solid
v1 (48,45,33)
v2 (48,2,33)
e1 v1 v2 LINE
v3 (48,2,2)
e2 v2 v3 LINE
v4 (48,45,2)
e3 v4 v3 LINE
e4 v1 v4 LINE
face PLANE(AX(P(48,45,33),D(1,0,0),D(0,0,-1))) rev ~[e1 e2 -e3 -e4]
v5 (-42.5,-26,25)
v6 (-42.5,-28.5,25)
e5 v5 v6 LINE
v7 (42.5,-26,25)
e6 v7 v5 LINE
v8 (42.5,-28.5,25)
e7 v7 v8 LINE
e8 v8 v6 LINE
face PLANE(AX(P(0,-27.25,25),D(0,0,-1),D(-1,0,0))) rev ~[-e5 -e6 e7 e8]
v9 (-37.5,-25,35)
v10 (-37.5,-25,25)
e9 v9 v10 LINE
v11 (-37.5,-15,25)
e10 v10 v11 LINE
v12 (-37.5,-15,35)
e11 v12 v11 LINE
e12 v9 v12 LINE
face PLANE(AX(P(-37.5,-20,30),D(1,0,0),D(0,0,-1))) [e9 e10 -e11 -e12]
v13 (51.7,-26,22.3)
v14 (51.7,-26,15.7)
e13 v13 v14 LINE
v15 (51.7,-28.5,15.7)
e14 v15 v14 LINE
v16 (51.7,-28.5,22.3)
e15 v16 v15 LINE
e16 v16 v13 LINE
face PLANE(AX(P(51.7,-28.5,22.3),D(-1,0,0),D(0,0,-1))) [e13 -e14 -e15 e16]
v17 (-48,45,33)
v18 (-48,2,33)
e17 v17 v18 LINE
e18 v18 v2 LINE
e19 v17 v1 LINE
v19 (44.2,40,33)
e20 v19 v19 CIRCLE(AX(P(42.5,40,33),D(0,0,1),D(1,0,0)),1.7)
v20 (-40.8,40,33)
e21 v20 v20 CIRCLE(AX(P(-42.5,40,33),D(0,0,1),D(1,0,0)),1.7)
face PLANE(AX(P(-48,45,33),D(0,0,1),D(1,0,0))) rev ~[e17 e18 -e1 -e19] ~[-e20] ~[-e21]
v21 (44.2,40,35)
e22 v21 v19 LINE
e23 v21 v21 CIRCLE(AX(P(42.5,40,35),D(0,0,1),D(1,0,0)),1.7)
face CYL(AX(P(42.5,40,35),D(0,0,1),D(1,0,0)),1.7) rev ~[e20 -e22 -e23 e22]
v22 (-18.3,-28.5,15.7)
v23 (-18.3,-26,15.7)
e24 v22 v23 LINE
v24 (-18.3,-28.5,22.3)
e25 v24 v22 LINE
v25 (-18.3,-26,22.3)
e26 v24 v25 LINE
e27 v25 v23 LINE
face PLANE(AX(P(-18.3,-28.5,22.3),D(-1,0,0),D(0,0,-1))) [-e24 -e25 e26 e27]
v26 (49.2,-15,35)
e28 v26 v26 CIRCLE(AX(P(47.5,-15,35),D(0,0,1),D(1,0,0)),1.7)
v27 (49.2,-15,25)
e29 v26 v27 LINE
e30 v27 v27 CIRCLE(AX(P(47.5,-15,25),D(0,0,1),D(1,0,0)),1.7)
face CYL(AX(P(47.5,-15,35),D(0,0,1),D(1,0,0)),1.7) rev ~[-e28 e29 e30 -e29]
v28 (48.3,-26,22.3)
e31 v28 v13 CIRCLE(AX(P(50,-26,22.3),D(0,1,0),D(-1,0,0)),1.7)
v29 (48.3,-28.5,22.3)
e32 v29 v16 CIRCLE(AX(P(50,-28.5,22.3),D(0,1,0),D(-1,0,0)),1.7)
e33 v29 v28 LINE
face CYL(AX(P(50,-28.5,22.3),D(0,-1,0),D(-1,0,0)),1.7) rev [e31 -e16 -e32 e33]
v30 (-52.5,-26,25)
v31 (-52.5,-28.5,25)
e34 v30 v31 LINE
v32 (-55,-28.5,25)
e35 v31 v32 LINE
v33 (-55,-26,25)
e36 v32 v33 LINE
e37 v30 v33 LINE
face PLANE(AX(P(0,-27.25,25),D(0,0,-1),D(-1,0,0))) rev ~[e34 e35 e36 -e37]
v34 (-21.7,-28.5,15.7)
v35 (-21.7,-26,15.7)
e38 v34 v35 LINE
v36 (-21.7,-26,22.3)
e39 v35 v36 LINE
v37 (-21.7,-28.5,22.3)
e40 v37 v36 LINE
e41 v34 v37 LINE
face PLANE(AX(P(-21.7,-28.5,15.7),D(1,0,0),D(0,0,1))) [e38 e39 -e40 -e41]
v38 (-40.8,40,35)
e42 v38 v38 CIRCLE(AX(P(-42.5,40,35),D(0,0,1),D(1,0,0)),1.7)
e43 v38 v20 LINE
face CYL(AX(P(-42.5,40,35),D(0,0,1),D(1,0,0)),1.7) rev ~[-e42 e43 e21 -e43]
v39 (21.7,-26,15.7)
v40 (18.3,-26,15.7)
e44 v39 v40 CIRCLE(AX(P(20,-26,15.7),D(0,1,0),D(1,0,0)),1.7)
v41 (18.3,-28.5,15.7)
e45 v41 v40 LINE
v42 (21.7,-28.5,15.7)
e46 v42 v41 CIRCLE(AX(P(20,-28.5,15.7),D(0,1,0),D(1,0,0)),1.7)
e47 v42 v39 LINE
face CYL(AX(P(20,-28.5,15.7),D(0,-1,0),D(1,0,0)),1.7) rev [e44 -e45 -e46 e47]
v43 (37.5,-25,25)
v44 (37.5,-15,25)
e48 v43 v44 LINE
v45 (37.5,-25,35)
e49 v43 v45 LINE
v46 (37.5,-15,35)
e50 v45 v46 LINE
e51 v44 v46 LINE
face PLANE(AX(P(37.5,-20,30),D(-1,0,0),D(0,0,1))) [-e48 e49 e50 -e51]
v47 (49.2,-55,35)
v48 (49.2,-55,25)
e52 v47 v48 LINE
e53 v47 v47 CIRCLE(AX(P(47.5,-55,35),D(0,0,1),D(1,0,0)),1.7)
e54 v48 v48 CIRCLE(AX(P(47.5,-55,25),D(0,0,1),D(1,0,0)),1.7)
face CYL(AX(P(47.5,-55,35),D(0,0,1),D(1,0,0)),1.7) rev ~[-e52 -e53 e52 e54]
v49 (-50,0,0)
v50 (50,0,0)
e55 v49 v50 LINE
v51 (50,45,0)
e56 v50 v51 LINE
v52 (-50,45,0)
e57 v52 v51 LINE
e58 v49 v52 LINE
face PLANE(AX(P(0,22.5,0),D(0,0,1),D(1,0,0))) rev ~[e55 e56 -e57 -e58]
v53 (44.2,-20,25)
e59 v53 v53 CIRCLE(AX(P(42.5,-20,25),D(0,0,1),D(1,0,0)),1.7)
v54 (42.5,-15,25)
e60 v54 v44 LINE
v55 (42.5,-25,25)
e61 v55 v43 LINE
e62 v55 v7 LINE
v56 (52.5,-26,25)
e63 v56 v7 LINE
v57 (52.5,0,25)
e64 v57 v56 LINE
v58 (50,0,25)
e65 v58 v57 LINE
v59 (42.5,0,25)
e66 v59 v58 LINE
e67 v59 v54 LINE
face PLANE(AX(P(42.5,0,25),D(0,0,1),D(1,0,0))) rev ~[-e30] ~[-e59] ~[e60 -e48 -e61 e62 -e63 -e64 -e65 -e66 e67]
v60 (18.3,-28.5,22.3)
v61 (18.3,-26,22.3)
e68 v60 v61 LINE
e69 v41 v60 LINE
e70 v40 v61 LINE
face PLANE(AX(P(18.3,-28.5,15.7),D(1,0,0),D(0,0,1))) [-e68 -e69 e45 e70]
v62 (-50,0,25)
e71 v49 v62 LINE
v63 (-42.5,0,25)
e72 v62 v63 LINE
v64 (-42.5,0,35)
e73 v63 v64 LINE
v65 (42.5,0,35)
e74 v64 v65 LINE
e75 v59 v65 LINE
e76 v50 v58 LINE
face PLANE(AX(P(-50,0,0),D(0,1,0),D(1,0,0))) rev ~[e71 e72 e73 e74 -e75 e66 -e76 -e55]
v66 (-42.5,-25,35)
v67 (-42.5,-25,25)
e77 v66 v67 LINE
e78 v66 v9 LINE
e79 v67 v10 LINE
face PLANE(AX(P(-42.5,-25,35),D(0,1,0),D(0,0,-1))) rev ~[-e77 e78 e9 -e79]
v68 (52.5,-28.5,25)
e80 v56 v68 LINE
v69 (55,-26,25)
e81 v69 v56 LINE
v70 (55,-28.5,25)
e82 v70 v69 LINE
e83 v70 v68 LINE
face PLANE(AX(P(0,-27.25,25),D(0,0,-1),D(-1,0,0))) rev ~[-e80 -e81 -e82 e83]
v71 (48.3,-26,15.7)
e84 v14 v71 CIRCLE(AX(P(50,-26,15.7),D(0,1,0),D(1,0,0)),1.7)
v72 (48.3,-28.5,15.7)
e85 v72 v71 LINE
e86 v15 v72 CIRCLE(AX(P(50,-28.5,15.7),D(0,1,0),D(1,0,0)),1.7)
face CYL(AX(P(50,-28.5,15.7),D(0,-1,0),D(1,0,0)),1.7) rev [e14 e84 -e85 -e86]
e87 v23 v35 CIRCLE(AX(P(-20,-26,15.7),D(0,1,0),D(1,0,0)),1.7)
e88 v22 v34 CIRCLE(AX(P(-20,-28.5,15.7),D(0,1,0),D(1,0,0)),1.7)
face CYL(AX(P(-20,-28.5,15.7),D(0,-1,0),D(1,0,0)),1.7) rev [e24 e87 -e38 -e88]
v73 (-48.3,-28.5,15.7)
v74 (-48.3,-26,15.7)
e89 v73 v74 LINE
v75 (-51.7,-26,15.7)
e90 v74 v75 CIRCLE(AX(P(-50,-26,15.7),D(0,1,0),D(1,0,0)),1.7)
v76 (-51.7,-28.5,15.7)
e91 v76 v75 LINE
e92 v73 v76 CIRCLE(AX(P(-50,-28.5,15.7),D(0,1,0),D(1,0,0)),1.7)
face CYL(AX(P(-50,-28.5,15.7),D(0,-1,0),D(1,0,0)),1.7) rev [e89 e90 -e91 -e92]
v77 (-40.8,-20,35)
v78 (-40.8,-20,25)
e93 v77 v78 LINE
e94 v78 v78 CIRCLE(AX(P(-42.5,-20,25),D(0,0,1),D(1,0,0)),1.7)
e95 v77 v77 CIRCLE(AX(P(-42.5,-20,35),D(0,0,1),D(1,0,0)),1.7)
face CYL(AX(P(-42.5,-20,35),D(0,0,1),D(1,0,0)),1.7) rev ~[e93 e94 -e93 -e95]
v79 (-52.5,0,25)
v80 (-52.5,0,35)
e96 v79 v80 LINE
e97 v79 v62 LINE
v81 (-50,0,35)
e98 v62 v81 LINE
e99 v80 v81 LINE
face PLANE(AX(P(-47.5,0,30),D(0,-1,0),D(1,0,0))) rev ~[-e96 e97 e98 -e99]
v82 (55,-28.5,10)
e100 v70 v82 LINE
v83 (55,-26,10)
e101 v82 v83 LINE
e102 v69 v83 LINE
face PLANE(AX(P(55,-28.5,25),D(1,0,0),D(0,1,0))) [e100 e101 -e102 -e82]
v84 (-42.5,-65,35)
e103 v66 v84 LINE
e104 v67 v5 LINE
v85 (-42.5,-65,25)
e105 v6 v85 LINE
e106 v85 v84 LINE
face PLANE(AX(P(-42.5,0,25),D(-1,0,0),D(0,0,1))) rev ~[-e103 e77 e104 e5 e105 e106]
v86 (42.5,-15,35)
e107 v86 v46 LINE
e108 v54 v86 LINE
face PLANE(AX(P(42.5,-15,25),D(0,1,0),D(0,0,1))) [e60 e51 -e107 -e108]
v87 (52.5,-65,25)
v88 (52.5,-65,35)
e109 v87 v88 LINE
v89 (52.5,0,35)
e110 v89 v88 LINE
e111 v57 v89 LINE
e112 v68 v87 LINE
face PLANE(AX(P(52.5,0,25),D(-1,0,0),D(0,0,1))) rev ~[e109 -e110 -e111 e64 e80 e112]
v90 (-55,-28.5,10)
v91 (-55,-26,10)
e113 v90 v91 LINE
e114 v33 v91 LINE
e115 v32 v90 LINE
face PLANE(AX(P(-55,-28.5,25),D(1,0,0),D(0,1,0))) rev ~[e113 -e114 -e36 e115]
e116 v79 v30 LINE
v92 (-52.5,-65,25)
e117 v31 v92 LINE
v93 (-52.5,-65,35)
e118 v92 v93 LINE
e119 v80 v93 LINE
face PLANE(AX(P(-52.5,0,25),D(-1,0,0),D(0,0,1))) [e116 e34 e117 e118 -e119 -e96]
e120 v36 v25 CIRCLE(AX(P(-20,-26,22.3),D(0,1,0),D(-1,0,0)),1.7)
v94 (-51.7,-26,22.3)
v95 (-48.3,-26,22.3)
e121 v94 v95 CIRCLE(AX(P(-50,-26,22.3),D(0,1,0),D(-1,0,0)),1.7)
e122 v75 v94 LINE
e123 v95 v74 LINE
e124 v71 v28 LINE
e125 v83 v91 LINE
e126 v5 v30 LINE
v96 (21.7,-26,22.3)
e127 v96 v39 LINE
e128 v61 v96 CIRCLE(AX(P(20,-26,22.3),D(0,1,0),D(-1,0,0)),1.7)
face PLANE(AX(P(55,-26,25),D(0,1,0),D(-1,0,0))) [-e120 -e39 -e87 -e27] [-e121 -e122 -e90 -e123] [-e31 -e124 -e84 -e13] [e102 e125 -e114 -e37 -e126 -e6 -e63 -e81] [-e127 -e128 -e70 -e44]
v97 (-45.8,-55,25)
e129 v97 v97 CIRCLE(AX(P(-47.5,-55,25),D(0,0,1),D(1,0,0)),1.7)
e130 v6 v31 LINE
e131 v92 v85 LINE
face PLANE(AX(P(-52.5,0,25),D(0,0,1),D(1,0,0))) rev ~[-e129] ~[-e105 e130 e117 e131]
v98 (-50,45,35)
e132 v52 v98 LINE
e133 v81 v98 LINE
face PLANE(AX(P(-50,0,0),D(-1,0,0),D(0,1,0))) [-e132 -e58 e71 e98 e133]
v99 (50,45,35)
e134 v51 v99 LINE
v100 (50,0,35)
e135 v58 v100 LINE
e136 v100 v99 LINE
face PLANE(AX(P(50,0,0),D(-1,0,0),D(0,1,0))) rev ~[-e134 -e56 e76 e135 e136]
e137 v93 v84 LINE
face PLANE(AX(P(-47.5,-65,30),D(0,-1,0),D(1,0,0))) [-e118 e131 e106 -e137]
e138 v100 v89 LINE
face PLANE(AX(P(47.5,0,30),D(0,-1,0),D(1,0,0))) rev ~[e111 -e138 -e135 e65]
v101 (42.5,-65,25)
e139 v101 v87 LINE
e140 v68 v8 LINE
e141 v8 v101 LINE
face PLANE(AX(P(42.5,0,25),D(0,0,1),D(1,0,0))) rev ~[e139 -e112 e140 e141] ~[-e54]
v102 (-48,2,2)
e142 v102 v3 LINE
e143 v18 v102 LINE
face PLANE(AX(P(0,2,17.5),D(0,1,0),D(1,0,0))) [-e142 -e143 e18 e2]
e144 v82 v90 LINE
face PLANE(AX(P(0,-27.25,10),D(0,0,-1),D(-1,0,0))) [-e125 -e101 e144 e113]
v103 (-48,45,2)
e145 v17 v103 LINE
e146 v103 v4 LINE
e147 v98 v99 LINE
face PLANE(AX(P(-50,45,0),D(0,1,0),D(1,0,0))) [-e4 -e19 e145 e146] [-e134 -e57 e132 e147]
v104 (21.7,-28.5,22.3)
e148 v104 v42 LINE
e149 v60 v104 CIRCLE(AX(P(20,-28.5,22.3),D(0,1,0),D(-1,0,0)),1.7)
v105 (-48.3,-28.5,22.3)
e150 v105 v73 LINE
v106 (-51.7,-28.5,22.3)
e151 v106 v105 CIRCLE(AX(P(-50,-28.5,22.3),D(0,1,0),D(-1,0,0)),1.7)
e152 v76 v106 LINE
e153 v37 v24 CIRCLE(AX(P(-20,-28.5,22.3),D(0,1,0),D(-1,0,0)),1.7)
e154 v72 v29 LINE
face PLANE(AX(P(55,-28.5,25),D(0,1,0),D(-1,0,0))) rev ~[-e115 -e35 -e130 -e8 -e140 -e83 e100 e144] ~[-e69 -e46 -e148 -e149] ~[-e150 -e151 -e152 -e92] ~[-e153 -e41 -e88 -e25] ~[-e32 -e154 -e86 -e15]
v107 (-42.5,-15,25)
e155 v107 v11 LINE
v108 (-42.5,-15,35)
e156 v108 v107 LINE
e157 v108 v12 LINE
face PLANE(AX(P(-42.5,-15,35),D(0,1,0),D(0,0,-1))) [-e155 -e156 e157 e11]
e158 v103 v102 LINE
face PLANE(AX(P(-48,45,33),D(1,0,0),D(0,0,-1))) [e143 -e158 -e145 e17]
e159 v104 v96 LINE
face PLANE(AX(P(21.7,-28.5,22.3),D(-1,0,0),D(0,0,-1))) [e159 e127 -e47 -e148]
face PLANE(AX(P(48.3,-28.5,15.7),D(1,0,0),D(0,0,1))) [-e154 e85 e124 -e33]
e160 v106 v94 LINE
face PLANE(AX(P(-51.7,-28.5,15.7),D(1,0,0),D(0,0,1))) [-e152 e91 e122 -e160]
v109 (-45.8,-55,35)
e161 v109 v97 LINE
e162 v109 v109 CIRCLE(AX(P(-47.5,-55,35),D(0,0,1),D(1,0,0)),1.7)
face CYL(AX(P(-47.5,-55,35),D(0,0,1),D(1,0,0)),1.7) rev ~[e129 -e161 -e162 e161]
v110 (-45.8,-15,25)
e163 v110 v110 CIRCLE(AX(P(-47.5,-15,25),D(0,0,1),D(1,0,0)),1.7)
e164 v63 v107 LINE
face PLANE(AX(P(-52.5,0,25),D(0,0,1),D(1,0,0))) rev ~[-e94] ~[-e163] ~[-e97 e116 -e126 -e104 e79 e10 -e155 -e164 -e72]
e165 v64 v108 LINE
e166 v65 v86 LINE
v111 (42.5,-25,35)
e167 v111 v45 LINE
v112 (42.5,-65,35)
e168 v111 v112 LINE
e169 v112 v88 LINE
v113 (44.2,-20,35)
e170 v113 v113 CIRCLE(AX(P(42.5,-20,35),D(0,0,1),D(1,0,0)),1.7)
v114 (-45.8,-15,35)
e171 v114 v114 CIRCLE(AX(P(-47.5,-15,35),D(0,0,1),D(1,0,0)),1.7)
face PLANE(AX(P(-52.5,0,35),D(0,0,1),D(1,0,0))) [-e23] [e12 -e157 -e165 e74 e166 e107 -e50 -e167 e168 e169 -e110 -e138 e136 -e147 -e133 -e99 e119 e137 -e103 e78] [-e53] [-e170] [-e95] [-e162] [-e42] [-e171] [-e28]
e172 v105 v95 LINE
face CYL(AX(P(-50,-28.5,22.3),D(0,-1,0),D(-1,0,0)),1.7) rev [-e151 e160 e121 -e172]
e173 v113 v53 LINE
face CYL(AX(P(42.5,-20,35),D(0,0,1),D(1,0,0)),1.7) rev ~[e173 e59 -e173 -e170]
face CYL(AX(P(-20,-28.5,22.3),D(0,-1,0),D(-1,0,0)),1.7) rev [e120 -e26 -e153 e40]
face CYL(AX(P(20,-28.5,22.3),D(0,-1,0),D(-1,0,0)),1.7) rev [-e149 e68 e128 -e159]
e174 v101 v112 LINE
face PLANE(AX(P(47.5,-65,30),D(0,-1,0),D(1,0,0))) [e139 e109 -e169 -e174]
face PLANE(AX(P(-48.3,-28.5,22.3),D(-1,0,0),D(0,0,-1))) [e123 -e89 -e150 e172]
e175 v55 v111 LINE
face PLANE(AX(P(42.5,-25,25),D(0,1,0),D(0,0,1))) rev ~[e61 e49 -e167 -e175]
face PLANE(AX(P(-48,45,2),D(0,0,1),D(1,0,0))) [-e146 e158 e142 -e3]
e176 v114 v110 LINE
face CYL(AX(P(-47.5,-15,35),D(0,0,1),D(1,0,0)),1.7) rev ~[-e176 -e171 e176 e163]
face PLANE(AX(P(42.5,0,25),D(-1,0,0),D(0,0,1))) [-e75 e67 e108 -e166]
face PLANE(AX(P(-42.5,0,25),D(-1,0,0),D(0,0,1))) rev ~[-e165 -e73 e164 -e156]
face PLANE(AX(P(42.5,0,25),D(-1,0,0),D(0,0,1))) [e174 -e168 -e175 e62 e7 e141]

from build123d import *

# Parameters (mm, degrees)
V3_BOX_FOOTPRINT_100_X_45_MM_W                 = 100
V3_BOX_FOOTPRINT_100_X_45_MM_H                 = 45
V3_BOX_HEIGHT_35_MM_DEPTH                      = 35
V3_REAR_OPENING_96_X_31_MM_W                   = 96
V3_REAR_OPENING_96_X_31_MM_H                   = 31
V3_CAVITY_ALL_WALLS_2_MM_DEPTH                 = 43
V3_SQUARE_BEAMS_10_X_10_PITCH_95_MM_W          = 10
V3_SQUARE_BEAMS_10_X_10_PITCH_95_MM_H          = 10
V3_FORWARD_BEAM_LENGTH_65_MM_DEPTH             = 65
V3_LEFT_PCB_EAR_PROFILE_W                      = 10
V3_LEFT_PCB_EAR_PROFILE_H                      = 10
V3_LEFT_INWARD_EAR_5_MM_DEPTH                  = 5
V3_RIGHT_PCB_EAR_PROFILE_W                     = 10
V3_RIGHT_PCB_EAR_PROFILE_H                     = 10
V3_RIGHT_INWARD_EAR_5_MM_DEPTH                 = 5
V3_PCB_ROOF_PAIR_PITCH_85_MM_R                 = 1.7
V3_M3_ROOF_HOLES_DIAMETER_3_4_MM_DEPTH         = 2
V3_PCB_FORWARD_PAIR_ROW_SPACING_60_MM_R        = 1.7
V3_M3_PCB_EAR_HOLES_DEPTH                      = 10
V3_CHASSIS_TOP_HOLES_WIDTH_95_DEPTH_40_M_R     = 1.7
V3_M3_BEAM_TOP_BOTTOM_HOLES_DEPTH              = 10
V3_HANGING_PLATE_OFFSET_26_THICKNESS_2_5_W     = 110
V3_HANGING_PLATE_OFFSET_26_THICKNESS_2_5_H     = 2.5
V3_MOUNTING_PLATE_DOWNWARD_15_MM_WIDTH_1_DEPTH = 15
V3_FOUR_MOUNTING_SLOTS_3_4_X_10_MM_DEPTH       = 2.5


with BuildPart() as part:
    # V3 box footprint 100 x 45 mm → V3 box height 35 mm (new body)
    with BuildSketch(Plane.XY):
        with Locations((0, 22.5)):
            Rectangle(V3_BOX_FOOTPRINT_100_X_45_MM_W, V3_BOX_FOOTPRINT_100_X_45_MM_H)
    extrude(amount=V3_BOX_HEIGHT_35_MM_DEPTH)

    # V3 rear opening 96 x 31 mm → V3 cavity all walls 2 mm (cut)
    with BuildSketch(Plane(origin=(0, 45, 0), x_dir=(1, 0, 0), z_dir=(0, 1, 0))):
        with Locations((0, -17.5)):
            Rectangle(V3_REAR_OPENING_96_X_31_MM_W, V3_REAR_OPENING_96_X_31_MM_H)
    extrude(amount=-V3_CAVITY_ALL_WALLS_2_MM_DEPTH, mode=Mode.SUBTRACT)

    # V3 square beams 10 x 10 pitch 95 mm → V3 forward beam length 65 mm (add)
    with BuildSketch(Plane.XZ):
        with Locations((-47.5, 30)):
            Rectangle(V3_SQUARE_BEAMS_10_X_10_PITCH_95_MM_W, V3_SQUARE_BEAMS_10_X_10_PITCH_95_MM_H)
        with Locations((47.5, 30)):
            Rectangle(V3_SQUARE_BEAMS_10_X_10_PITCH_95_MM_W, V3_SQUARE_BEAMS_10_X_10_PITCH_95_MM_H)
    extrude(amount=V3_FORWARD_BEAM_LENGTH_65_MM_DEPTH)

    # V3 left PCB ear profile → V3 left inward ear 5 mm (add)
    with BuildSketch(Plane(origin=(-42.5, 0, 0), x_dir=(0, 0, -1), z_dir=(1, 0, 0))):
        with Locations((-30, -20)):
            Rectangle(V3_LEFT_PCB_EAR_PROFILE_W, V3_LEFT_PCB_EAR_PROFILE_H)
    extrude(amount=V3_LEFT_INWARD_EAR_5_MM_DEPTH)

    # V3 right PCB ear profile → V3 right inward ear 5 mm (add)
    with BuildSketch(Plane.ZY.offset(-42.5)):
        with Locations((30, -20)):
            Rectangle(V3_RIGHT_PCB_EAR_PROFILE_W, V3_RIGHT_PCB_EAR_PROFILE_H)
    extrude(amount=V3_RIGHT_INWARD_EAR_5_MM_DEPTH)

    # V3 PCB roof pair pitch 85 mm → V3 M3 roof holes diameter 3.4 mm (cut)
    with BuildSketch(Plane.XY.offset(35)):
        with Locations((-42.5, 40)):
            Circle(V3_PCB_ROOF_PAIR_PITCH_85_MM_R)
        with Locations((42.5, 40)):
            Circle(V3_PCB_ROOF_PAIR_PITCH_85_MM_R)
    extrude(amount=-V3_M3_ROOF_HOLES_DIAMETER_3_4_MM_DEPTH, mode=Mode.SUBTRACT)

    # V3 PCB forward pair row spacing 60 mm → V3 M3 PCB ear holes (cut)
    with BuildSketch(Plane.XY.offset(35)):
        with Locations((-42.5, -20)):
            Circle(V3_PCB_FORWARD_PAIR_ROW_SPACING_60_MM_R)
        with Locations((42.5, -20)):
            Circle(V3_PCB_FORWARD_PAIR_ROW_SPACING_60_MM_R)
    extrude(amount=-V3_M3_PCB_EAR_HOLES_DEPTH, mode=Mode.SUBTRACT)

    # V3 chassis top holes width 95 depth 40 mm → V3 M3 beam top bottom holes (cut)
    with BuildSketch(Plane.XY.offset(35)):
        with Locations((-47.5, -55)):
            Circle(V3_CHASSIS_TOP_HOLES_WIDTH_95_DEPTH_40_M_R)
        with Locations((-47.5, -15)):
            Circle(V3_CHASSIS_TOP_HOLES_WIDTH_95_DEPTH_40_M_R)
        with Locations((47.5, -55)):
            Circle(V3_CHASSIS_TOP_HOLES_WIDTH_95_DEPTH_40_M_R)
        with Locations((47.5, -15)):
            Circle(V3_CHASSIS_TOP_HOLES_WIDTH_95_DEPTH_40_M_R)
    extrude(amount=-V3_M3_BEAM_TOP_BOTTOM_HOLES_DEPTH, mode=Mode.SUBTRACT)

    # V3 hanging plate offset 26 thickness 2.5 mm → V3 mounting plate downward 15 mm width 110 (add)
    with BuildSketch(Plane(origin=(0, 0, 25), x_dir=(-1, 0, 0), z_dir=(0, 0, -1))):
        with Locations((0, -27.25)):
            Rectangle(V3_HANGING_PLATE_OFFSET_26_THICKNESS_2_5_W, V3_HANGING_PLATE_OFFSET_26_THICKNESS_2_5_H)
    extrude(amount=V3_MOUNTING_PLATE_DOWNWARD_15_MM_WIDTH_1_DEPTH)

    # V3 slots 6 mm below beam underside centers 20 and 50 → V3 four mounting slots 3.4 x 10 mm (cut)
    with BuildSketch(Plane.XZ.offset(28.5)):
        with BuildLine():
            Line((-51.7, 15.7), (-51.7, 22.3))
            ThreePointArc((-51.7, 22.3), (-50, 24), (-48.3, 22.3))
            Line((-48.3, 22.3), (-48.3, 15.7))
            ThreePointArc((-48.3, 15.7), (-50, 14), (-51.7, 15.7))
        make_face()
        with BuildLine():
            Line((-21.7, 15.7), (-21.7, 22.3))
            ThreePointArc((-21.7, 22.3), (-20, 24), (-18.3, 22.3))
            Line((-18.3, 22.3), (-18.3, 15.7))
            ThreePointArc((-18.3, 15.7), (-20, 14), (-21.7, 15.7))
        make_face()
        with BuildLine():
            Line((18.3, 15.7), (18.3, 22.3))
            ThreePointArc((18.3, 22.3), (20, 24), (21.7, 22.3))
            Line((21.7, 22.3), (21.7, 15.7))
            ThreePointArc((21.7, 15.7), (20, 14), (18.3, 15.7))
        make_face()
        with BuildLine():
            Line((48.3, 15.7), (48.3, 22.3))
            ThreePointArc((48.3, 22.3), (50, 24), (51.7, 22.3))
            Line((51.7, 22.3), (51.7, 15.7))
            ThreePointArc((51.7, 15.7), (50, 14), (48.3, 15.7))
        make_face()
    extrude(amount=-V3_FOUR_MOUNTING_SLOTS_3_4_X_10_MM_DEPTH, mode=Mode.SUBTRACT)


solid = part.part
